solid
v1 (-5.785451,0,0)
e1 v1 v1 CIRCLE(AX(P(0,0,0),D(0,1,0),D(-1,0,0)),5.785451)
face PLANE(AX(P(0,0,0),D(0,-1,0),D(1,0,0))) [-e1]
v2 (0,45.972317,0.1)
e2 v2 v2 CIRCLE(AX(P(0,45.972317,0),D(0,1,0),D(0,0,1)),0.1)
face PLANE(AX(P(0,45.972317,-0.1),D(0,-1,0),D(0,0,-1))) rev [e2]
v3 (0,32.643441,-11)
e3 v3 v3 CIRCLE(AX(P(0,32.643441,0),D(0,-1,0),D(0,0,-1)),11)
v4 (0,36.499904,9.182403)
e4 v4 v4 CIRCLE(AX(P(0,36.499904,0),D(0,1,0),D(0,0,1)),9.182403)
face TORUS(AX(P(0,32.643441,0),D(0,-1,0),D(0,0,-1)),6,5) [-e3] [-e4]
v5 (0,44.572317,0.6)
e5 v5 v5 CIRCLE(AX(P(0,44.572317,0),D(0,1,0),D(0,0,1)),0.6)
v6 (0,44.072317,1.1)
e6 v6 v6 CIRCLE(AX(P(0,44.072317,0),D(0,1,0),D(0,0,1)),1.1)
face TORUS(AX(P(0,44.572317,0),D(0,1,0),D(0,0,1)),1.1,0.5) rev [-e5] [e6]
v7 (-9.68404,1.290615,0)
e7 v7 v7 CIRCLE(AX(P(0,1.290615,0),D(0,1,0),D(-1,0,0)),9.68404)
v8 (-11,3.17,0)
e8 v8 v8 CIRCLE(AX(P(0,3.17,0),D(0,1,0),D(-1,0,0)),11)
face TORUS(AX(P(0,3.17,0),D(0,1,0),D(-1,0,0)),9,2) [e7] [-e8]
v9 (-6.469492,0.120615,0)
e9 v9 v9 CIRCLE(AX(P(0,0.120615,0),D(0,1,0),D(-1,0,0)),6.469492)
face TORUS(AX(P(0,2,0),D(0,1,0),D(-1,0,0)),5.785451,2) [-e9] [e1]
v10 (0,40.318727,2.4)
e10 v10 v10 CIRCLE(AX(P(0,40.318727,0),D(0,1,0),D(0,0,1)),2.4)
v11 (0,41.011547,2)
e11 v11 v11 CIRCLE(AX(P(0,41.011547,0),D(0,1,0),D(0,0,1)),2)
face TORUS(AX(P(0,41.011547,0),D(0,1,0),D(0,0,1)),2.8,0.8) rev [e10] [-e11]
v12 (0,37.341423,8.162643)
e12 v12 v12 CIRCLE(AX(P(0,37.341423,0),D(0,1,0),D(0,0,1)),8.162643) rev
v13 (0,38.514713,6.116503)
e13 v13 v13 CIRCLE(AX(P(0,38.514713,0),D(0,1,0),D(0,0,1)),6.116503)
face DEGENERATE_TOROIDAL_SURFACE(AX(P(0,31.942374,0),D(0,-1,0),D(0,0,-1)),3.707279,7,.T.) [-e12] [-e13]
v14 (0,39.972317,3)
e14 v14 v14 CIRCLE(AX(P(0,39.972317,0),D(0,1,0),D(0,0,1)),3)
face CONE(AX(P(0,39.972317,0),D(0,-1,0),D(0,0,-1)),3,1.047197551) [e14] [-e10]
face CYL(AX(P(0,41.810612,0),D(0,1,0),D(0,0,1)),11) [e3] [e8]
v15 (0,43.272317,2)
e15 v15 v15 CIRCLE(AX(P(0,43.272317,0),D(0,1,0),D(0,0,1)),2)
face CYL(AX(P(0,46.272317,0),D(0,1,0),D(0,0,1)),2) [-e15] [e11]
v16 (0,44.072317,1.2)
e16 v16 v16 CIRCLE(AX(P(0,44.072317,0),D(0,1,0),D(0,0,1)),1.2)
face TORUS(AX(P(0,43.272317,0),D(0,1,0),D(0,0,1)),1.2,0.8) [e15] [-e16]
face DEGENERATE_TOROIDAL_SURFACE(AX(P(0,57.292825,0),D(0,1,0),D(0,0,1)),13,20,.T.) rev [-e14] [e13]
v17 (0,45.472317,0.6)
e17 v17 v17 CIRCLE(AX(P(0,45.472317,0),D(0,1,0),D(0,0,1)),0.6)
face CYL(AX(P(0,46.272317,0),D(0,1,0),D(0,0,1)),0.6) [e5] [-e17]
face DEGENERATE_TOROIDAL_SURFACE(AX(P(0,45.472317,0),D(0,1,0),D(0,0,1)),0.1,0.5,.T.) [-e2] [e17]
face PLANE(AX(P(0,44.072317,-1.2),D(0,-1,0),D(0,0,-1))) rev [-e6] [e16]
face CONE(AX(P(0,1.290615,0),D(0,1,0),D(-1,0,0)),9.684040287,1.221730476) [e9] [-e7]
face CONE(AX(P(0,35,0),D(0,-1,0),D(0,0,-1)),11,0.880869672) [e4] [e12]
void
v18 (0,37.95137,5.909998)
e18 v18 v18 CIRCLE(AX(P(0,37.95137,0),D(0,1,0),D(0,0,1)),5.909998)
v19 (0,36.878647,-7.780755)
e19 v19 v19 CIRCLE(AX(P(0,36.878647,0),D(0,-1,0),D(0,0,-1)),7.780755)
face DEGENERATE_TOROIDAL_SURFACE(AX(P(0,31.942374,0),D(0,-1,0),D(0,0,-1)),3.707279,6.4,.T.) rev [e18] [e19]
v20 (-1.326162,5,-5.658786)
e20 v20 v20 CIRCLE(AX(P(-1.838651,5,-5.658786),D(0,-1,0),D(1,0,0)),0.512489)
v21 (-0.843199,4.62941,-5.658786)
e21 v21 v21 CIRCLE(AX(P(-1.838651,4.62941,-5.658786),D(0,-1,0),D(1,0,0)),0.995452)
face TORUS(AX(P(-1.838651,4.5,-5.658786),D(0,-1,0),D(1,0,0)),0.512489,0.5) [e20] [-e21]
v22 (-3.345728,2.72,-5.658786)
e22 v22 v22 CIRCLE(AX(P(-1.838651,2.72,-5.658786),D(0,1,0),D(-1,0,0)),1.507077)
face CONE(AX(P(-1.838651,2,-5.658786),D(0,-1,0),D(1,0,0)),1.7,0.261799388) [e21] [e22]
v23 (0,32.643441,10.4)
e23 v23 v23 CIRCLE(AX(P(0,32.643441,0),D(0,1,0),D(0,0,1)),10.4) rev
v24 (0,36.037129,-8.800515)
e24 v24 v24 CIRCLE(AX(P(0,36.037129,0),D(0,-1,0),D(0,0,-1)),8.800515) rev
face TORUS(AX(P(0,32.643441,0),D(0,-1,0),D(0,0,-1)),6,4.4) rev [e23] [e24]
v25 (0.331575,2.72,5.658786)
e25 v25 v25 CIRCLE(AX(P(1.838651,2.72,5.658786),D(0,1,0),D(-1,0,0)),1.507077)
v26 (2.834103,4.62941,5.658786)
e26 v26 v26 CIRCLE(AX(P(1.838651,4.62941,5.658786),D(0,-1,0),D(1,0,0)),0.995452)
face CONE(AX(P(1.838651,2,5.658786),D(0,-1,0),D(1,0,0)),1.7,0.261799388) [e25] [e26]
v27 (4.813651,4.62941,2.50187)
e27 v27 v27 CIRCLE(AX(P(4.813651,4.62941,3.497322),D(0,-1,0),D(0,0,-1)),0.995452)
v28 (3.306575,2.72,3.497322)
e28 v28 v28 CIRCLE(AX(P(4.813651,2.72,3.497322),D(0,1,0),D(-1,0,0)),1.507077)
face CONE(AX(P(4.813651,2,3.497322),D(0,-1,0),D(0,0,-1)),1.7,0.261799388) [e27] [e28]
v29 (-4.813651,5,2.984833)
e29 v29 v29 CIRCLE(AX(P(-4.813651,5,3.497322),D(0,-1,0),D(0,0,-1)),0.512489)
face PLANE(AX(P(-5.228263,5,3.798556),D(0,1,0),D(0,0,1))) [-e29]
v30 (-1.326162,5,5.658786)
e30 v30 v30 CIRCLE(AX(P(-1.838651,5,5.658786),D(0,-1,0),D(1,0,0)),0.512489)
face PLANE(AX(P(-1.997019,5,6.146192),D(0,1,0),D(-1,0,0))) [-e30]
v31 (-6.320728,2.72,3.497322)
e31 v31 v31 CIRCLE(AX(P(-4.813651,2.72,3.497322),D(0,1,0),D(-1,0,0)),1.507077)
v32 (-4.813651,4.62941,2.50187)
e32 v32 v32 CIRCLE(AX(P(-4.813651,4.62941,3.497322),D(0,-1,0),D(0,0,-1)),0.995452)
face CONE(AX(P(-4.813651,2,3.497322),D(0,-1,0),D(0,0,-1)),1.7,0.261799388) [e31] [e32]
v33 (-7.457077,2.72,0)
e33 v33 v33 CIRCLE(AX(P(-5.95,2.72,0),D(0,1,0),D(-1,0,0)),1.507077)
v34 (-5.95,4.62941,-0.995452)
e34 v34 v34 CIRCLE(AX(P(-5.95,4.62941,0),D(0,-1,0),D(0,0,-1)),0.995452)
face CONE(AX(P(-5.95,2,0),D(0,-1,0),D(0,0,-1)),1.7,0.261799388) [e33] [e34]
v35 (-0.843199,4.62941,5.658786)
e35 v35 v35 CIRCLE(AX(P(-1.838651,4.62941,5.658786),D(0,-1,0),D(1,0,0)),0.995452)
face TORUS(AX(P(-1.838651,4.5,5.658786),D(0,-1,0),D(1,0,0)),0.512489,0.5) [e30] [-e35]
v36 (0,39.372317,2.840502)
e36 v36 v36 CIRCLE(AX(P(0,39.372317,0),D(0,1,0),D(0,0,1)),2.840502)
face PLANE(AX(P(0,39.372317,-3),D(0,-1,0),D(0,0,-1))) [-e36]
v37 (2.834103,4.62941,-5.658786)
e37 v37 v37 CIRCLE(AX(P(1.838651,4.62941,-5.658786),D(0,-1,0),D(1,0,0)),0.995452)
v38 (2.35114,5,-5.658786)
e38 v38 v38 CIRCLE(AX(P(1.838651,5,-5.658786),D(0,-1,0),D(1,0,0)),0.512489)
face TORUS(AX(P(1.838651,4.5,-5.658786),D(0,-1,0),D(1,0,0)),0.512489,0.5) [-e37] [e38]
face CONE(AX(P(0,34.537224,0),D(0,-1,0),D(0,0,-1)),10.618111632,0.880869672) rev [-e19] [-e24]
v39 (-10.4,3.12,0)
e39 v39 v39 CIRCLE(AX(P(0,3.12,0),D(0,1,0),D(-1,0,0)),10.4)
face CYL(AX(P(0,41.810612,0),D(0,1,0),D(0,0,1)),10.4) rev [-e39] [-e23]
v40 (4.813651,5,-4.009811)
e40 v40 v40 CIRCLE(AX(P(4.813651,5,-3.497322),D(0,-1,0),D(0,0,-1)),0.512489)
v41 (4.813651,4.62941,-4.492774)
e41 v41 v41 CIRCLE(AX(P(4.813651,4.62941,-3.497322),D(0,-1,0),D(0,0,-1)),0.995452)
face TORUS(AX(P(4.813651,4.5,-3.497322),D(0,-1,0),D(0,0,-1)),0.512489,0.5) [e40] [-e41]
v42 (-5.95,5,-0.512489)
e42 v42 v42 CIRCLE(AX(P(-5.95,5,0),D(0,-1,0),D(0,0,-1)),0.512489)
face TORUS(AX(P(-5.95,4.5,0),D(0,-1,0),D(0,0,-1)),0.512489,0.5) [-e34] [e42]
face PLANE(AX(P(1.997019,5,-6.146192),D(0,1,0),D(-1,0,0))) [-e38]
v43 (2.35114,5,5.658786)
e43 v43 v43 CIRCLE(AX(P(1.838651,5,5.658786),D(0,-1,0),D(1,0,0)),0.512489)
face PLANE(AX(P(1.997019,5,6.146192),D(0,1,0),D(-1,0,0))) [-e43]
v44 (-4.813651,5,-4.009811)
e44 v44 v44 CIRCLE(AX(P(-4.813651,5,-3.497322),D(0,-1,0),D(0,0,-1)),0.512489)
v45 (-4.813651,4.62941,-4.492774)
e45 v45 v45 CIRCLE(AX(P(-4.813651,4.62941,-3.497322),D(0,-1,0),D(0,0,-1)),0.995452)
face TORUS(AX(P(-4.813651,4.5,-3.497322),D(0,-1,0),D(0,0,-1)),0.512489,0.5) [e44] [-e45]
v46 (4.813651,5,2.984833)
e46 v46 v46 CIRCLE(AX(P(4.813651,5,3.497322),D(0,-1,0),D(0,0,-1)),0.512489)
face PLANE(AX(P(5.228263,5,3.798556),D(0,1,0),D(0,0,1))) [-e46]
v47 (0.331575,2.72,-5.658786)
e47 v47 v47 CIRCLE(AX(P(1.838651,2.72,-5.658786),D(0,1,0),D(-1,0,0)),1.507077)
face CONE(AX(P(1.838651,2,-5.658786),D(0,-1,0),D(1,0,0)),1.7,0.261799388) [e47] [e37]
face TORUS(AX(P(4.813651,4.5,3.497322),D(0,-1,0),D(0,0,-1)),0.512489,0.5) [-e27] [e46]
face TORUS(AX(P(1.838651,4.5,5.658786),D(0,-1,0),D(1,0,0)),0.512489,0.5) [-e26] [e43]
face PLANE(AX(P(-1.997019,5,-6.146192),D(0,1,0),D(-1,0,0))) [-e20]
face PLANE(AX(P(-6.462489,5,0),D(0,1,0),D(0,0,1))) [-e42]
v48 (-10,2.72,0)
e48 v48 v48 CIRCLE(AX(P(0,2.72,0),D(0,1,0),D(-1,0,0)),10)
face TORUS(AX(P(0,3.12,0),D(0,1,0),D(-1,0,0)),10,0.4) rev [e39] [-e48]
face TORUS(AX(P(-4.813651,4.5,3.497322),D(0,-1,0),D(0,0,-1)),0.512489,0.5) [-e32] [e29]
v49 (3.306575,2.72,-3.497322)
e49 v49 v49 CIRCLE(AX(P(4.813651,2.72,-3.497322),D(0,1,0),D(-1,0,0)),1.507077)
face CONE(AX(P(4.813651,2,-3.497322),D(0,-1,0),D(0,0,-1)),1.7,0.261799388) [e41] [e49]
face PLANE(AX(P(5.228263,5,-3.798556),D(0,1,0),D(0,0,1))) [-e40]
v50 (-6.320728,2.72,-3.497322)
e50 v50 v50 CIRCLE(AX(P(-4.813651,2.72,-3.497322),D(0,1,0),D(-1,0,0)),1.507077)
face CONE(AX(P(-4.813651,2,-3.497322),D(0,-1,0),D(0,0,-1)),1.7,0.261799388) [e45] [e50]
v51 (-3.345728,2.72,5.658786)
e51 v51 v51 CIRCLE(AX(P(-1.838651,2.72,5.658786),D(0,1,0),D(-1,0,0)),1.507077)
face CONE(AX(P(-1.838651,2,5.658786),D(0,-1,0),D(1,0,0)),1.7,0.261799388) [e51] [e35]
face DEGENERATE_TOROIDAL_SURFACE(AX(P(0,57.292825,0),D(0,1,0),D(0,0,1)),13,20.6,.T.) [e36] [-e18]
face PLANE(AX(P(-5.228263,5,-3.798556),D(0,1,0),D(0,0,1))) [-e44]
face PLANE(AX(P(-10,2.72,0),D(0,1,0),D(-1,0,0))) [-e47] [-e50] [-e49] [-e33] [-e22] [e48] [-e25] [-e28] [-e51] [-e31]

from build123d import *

# Parameters (mm, degrees)
FILLET1_R = 5
FILLET2_R = 7
SHELL1_T  = -0.6


with BuildPart() as part:
    # Sketch1 → Revolve1 (revolve)
    with BuildSketch(Plane(origin=(0, 0, 0), x_dir=(0, 0, -1), z_dir=(1, 0, 0)), mode=Mode.PRIVATE) as revolve1_sk:
        with BuildLine():
            Line((11, 35), (11, 3.206399783))
            Line((11, 3.206399783), (0, 3.206399783))
            Line((0, 3.206399783), (0, 39.972316521))
            Line((0, 39.972316521), (3, 39.972316521))
            ThreePointArc((3, 39.972316521), (5.032601016, 38.948328053), (7.168380233, 38.161901699))
            Line((7.168380233, 38.161901699), (11, 35))
        make_face()
    revolve(revolve1_sk.sketch.rotate(Axis((0, 41.810612358, 0), (0, -1, 0)), 180), axis=Axis((0, 41.810612358, 0), (0, -1, 0)))

    # Fillet1
    fillet1_edges = [part.edges().sort_by_distance(p)[0] for p in [
        (0, 35, -11),
    ]]
    fillet(fillet1_edges, radius=FILLET1_R)

    # Fillet2
    fillet2_edges = [part.edges().sort_by_distance(p)[0] for p in [
        (0, 38.161901699, -7.168380233),
    ]]
    fillet(fillet2_edges, radius=FILLET2_R)

    # Shell1
    shell1_openings = [part.faces().sort_by_distance(p)[0] for p in [
        (0, 3.206399783, 0),
    ]]
    offset(amount=SHELL1_T, openings=shell1_openings, kind=Kind.INTERSECTION)

    # Sketch2 → Revolve2 (revolve)
    with BuildSketch(Plane(origin=(0, 0, 0), x_dir=(0, -1, 0), z_dir=(1, 0, 0)), mode=Mode.PRIVATE) as revolve2_sk:
        with BuildLine():
            Line((-39.972316521, 3), (-40.318726682, 2.4))
            ThreePointArc((-40.318726682, 2.4), (-40.611547005, 2.107179677), (-41.011547005, 2))
            Line((-41.011547005, 2), (-43.272316521, 2))
            ThreePointArc((-43.272316521, 2), (-43.838001946, 1.765685425), (-44.072316521, 1.2))
            Line((-44.072316521, 1.2), (-44.072316521, 1.1))
            ThreePointArc((-44.072316521, 1.1), (-44.21876313, 0.746446609), (-44.572316521, 0.6))
            Line((-44.572316521, 0.6), (-45.472316521, 0.6))
            ThreePointArc((-45.472316521, 0.6), (-45.825869911, 0.453553391), (-45.972316521, 0.1))
            Line((-45.972316521, 0.1), (-45.972316521, 0))
            Line((-45.972316521, 0), (-39.972316521, 0))
            Line((-39.972316521, 0), (-39.972316521, 3))
        make_face()
    revolve(revolve2_sk.sketch.rotate(Axis((0, 46.272316521, 0), (0, -1, 0)), 180), axis=Axis((0, 46.272316521, 0), (0, -1, 0)))

    # Sketch3 → Revolve3 (revolve)
    with BuildSketch(Plane.XY, mode=Mode.PRIVATE) as revolve3_sk:
        with BuildLine():
            Line((0, 0), (-5.785451419, 0))
            ThreePointArc((-5.785451419, 0), (-6.132747775, 0.030384494), (-6.469491706, 0.120614758))
            Line((-6.469491706, 0.120614758), (-9.684040287, 1.290614758))
            ThreePointArc((-9.684040287, 1.290614758), (-10.638304089, 2.022847127), (-11, 3.17))
            Line((-11, 3.17), (-11, 3.206399783))
            Line((-11, 3.206399783), (-10.4, 3.206399783))
            Line((-10.4, 3.206399783), (-10.4, 3.12))
            ThreePointArc((-10.4, 3.12), (-10.282842712, 2.837157288), (-10, 2.72))
            Line((-10, 2.72), (0, 2.72))
            Line((0, 2.72), (0, 0))
        make_face()
    revolve(revolve3_sk.sketch.rotate(Axis((0, 3.366719772, 0), (0, -1, 0)), 270), axis=Axis((0, 3.366719772, 0), (0, -1, 0)))

    # Sketch4 → Revolve4 (revolve)
    with BuildSketch(Plane(origin=(0, 0, 0), x_dir=(0.809016994, 0, 0.587785252), z_dir=(-0.587785252, 0, 0.809016994)), mode=Mode.PRIVATE) as revolve4_sk:
        with BuildLine():
            Line((7.65, 2), (6.945451842, 4.629409523))
            ThreePointArc((6.945451842, 4.629409523), (6.766869643, 4.89667667), (6.462488929, 5))
            Line((6.462488929, 5), (5.95, 5))
            Line((5.95, 5), (5.95, 2))
            Line((5.95, 2), (7.65, 2))
        make_face()
    revolve(revolve4_sk.sketch.rotate(Axis((4.813651117, 1.85, 3.497322251), (0, 1, 0)), 126), axis=Axis((4.813651117, 1.85, 3.497322251), (0, 1, 0)))

    # Sketch5 → Revolve5 (revolve)
    with BuildSketch(Plane(origin=(0, 0, 0), x_dir=(0.309016994, 0, 0.951056516), z_dir=(-0.951056516, 0, 0.309016994)), mode=Mode.PRIVATE) as revolve5_sk:
        with BuildLine():
            Line((7.65, 2), (6.945451842, 4.629409523))
            ThreePointArc((6.945451842, 4.629409523), (6.766869643, 4.89667667), (6.462488929, 5))
            Line((6.462488929, 5), (5.95, 5))
            Line((5.95, 5), (5.95, 2))
            Line((5.95, 2), (7.65, 2))
        make_face()
    revolve(revolve5_sk.sketch.rotate(Axis((1.838651117, 1.85, 5.658786272), (0, 1, 0)), 72), axis=Axis((1.838651117, 1.85, 5.658786272), (0, 1, 0)))

    # Sketch6 → Revolve6 (revolve)
    with BuildSketch(Plane(origin=(0, 0, 0), x_dir=(-0.309016994, 0, 0.951056516), z_dir=(-0.951056516, 0, -0.309016994)), mode=Mode.PRIVATE) as revolve6_sk:
        with BuildLine():
            Line((7.65, 2), (6.945451842, 4.629409523))
            ThreePointArc((6.945451842, 4.629409523), (6.766869643, 4.89667667), (6.462488929, 5))
            Line((6.462488929, 5), (5.95, 5))
            Line((5.95, 5), (5.95, 2))
            Line((5.95, 2), (7.65, 2))
        make_face()
    revolve(revolve6_sk.sketch.rotate(Axis((-1.838651117, 1.85, 5.658786272), (0, 1, 0)), 108), axis=Axis((-1.838651117, 1.85, 5.658786272), (0, 1, 0)))

    # Sketch7 → Revolve7 (revolve)
    with BuildSketch(Plane(origin=(0, 0, 0), x_dir=(-0.809016994, 0, 0.587785252), z_dir=(-0.587785252, 0, -0.809016994)), mode=Mode.PRIVATE) as revolve7_sk:
        with BuildLine():
            Line((7.65, 2), (6.945451842, 4.629409523))
            ThreePointArc((6.945451842, 4.629409523), (6.766869643, 4.89667667), (6.462488929, 5))
            Line((6.462488929, 5), (5.95, 5))
            Line((5.95, 5), (5.95, 2))
            Line((5.95, 2), (7.65, 2))
        make_face()
    revolve(revolve7_sk.sketch.rotate(Axis((-4.813651117, 1.85, 3.497322251), (0, 1, 0)), 234), axis=Axis((-4.813651117, 1.85, 3.497322251), (0, 1, 0)))

    # Sketch8 → Revolve8 (revolve)
    with BuildSketch(Plane(origin=(0, 0, 0), x_dir=(-1, 0, 0), z_dir=(0, 0, -1)), mode=Mode.PRIVATE) as revolve8_sk:
        with BuildLine():
            Line((7.65, 2), (6.945451842, 4.629409523))
            ThreePointArc((6.945451842, 4.629409523), (6.766869643, 4.89667667), (6.462488929, 5))
            Line((6.462488929, 5), (5.95, 5))
            Line((5.95, 5), (5.95, 2))
            Line((5.95, 2), (7.65, 2))
        make_face()
    revolve(revolve8_sk.sketch.rotate(Axis((-5.95, 1.85, 0), (0, 1, 0)), 270), axis=Axis((-5.95, 1.85, 0), (0, 1, 0)))

    # Sketch9 → Revolve9 (revolve)
    with BuildSketch(Plane(origin=(0, 0, 0), x_dir=(-0.809016994, 0, -0.587785252), z_dir=(0.587785252, 0, -0.809016994)), mode=Mode.PRIVATE) as revolve9_sk:
        with BuildLine():
            Line((7.65, 2), (6.945451842, 4.629409523))
            ThreePointArc((6.945451842, 4.629409523), (6.766869643, 4.89667667), (6.462488929, 5))
            Line((6.462488929, 5), (5.95, 5))
            Line((5.95, 5), (5.95, 2))
            Line((5.95, 2), (7.65, 2))
        make_face()
    revolve(revolve9_sk.sketch.rotate(Axis((-4.813651117, 1.85, -3.497322251), (0, 1, 0)), 306), axis=Axis((-4.813651117, 1.85, -3.497322251), (0, 1, 0)))

    # Sketch10 → Revolve10 (revolve)
    with BuildSketch(Plane(origin=(0, 0, 0), x_dir=(-0.309016994, 0, -0.951056516), z_dir=(0.951056516, 0, -0.309016994)), mode=Mode.PRIVATE) as revolve10_sk:
        with BuildLine():
            Line((7.65, 2), (6.945451842, 4.629409523))
            ThreePointArc((6.945451842, 4.629409523), (6.766869643, 4.89667667), (6.462488929, 5))
            Line((6.462488929, 5), (5.95, 5))
            Line((5.95, 5), (5.95, 2))
            Line((5.95, 2), (7.65, 2))
        make_face()
    revolve(revolve10_sk.sketch.rotate(Axis((-1.838651117, 1.85, -5.658786272), (0, 1, 0)), 252), axis=Axis((-1.838651117, 1.85, -5.658786272), (0, 1, 0)))

    # Sketch11 → Revolve11 (revolve)
    with BuildSketch(Plane(origin=(0, 0, 0), x_dir=(0.309016994, 0, -0.951056516), z_dir=(0.951056516, 0, 0.309016994)), mode=Mode.PRIVATE) as revolve11_sk:
        with BuildLine():
            Line((7.65, 2), (6.945451842, 4.629409523))
            ThreePointArc((6.945451842, 4.629409523), (6.766869643, 4.89667667), (6.462488929, 5))
            Line((6.462488929, 5), (5.95, 5))
            Line((5.95, 5), (5.95, 2))
            Line((5.95, 2), (7.65, 2))
        make_face()
    revolve(revolve11_sk.sketch.rotate(Axis((1.838651117, 1.85, -5.658786272), (0, 1, 0)), 288), axis=Axis((1.838651117, 1.85, -5.658786272), (0, 1, 0)))

    # Sketch12 → Revolve12 (revolve)
    with BuildSketch(Plane(origin=(0, 0, 0), x_dir=(0.809016994, 0, -0.587785252), z_dir=(0.587785252, 0, 0.809016994)), mode=Mode.PRIVATE) as revolve12_sk:
        with BuildLine():
            Line((7.65, 2), (6.945451842, 4.629409523))
            ThreePointArc((6.945451842, 4.629409523), (6.766869643, 4.89667667), (6.462488929, 5))
            Line((6.462488929, 5), (5.95, 5))
            Line((5.95, 5), (5.95, 2))
            Line((5.95, 2), (7.65, 2))
        make_face()
    revolve(revolve12_sk.sketch.rotate(Axis((4.813651117, 1.85, -3.497322251), (0, 1, 0)), 54), axis=Axis((4.813651117, 1.85, -3.497322251), (0, 1, 0)))


solid = part.part
